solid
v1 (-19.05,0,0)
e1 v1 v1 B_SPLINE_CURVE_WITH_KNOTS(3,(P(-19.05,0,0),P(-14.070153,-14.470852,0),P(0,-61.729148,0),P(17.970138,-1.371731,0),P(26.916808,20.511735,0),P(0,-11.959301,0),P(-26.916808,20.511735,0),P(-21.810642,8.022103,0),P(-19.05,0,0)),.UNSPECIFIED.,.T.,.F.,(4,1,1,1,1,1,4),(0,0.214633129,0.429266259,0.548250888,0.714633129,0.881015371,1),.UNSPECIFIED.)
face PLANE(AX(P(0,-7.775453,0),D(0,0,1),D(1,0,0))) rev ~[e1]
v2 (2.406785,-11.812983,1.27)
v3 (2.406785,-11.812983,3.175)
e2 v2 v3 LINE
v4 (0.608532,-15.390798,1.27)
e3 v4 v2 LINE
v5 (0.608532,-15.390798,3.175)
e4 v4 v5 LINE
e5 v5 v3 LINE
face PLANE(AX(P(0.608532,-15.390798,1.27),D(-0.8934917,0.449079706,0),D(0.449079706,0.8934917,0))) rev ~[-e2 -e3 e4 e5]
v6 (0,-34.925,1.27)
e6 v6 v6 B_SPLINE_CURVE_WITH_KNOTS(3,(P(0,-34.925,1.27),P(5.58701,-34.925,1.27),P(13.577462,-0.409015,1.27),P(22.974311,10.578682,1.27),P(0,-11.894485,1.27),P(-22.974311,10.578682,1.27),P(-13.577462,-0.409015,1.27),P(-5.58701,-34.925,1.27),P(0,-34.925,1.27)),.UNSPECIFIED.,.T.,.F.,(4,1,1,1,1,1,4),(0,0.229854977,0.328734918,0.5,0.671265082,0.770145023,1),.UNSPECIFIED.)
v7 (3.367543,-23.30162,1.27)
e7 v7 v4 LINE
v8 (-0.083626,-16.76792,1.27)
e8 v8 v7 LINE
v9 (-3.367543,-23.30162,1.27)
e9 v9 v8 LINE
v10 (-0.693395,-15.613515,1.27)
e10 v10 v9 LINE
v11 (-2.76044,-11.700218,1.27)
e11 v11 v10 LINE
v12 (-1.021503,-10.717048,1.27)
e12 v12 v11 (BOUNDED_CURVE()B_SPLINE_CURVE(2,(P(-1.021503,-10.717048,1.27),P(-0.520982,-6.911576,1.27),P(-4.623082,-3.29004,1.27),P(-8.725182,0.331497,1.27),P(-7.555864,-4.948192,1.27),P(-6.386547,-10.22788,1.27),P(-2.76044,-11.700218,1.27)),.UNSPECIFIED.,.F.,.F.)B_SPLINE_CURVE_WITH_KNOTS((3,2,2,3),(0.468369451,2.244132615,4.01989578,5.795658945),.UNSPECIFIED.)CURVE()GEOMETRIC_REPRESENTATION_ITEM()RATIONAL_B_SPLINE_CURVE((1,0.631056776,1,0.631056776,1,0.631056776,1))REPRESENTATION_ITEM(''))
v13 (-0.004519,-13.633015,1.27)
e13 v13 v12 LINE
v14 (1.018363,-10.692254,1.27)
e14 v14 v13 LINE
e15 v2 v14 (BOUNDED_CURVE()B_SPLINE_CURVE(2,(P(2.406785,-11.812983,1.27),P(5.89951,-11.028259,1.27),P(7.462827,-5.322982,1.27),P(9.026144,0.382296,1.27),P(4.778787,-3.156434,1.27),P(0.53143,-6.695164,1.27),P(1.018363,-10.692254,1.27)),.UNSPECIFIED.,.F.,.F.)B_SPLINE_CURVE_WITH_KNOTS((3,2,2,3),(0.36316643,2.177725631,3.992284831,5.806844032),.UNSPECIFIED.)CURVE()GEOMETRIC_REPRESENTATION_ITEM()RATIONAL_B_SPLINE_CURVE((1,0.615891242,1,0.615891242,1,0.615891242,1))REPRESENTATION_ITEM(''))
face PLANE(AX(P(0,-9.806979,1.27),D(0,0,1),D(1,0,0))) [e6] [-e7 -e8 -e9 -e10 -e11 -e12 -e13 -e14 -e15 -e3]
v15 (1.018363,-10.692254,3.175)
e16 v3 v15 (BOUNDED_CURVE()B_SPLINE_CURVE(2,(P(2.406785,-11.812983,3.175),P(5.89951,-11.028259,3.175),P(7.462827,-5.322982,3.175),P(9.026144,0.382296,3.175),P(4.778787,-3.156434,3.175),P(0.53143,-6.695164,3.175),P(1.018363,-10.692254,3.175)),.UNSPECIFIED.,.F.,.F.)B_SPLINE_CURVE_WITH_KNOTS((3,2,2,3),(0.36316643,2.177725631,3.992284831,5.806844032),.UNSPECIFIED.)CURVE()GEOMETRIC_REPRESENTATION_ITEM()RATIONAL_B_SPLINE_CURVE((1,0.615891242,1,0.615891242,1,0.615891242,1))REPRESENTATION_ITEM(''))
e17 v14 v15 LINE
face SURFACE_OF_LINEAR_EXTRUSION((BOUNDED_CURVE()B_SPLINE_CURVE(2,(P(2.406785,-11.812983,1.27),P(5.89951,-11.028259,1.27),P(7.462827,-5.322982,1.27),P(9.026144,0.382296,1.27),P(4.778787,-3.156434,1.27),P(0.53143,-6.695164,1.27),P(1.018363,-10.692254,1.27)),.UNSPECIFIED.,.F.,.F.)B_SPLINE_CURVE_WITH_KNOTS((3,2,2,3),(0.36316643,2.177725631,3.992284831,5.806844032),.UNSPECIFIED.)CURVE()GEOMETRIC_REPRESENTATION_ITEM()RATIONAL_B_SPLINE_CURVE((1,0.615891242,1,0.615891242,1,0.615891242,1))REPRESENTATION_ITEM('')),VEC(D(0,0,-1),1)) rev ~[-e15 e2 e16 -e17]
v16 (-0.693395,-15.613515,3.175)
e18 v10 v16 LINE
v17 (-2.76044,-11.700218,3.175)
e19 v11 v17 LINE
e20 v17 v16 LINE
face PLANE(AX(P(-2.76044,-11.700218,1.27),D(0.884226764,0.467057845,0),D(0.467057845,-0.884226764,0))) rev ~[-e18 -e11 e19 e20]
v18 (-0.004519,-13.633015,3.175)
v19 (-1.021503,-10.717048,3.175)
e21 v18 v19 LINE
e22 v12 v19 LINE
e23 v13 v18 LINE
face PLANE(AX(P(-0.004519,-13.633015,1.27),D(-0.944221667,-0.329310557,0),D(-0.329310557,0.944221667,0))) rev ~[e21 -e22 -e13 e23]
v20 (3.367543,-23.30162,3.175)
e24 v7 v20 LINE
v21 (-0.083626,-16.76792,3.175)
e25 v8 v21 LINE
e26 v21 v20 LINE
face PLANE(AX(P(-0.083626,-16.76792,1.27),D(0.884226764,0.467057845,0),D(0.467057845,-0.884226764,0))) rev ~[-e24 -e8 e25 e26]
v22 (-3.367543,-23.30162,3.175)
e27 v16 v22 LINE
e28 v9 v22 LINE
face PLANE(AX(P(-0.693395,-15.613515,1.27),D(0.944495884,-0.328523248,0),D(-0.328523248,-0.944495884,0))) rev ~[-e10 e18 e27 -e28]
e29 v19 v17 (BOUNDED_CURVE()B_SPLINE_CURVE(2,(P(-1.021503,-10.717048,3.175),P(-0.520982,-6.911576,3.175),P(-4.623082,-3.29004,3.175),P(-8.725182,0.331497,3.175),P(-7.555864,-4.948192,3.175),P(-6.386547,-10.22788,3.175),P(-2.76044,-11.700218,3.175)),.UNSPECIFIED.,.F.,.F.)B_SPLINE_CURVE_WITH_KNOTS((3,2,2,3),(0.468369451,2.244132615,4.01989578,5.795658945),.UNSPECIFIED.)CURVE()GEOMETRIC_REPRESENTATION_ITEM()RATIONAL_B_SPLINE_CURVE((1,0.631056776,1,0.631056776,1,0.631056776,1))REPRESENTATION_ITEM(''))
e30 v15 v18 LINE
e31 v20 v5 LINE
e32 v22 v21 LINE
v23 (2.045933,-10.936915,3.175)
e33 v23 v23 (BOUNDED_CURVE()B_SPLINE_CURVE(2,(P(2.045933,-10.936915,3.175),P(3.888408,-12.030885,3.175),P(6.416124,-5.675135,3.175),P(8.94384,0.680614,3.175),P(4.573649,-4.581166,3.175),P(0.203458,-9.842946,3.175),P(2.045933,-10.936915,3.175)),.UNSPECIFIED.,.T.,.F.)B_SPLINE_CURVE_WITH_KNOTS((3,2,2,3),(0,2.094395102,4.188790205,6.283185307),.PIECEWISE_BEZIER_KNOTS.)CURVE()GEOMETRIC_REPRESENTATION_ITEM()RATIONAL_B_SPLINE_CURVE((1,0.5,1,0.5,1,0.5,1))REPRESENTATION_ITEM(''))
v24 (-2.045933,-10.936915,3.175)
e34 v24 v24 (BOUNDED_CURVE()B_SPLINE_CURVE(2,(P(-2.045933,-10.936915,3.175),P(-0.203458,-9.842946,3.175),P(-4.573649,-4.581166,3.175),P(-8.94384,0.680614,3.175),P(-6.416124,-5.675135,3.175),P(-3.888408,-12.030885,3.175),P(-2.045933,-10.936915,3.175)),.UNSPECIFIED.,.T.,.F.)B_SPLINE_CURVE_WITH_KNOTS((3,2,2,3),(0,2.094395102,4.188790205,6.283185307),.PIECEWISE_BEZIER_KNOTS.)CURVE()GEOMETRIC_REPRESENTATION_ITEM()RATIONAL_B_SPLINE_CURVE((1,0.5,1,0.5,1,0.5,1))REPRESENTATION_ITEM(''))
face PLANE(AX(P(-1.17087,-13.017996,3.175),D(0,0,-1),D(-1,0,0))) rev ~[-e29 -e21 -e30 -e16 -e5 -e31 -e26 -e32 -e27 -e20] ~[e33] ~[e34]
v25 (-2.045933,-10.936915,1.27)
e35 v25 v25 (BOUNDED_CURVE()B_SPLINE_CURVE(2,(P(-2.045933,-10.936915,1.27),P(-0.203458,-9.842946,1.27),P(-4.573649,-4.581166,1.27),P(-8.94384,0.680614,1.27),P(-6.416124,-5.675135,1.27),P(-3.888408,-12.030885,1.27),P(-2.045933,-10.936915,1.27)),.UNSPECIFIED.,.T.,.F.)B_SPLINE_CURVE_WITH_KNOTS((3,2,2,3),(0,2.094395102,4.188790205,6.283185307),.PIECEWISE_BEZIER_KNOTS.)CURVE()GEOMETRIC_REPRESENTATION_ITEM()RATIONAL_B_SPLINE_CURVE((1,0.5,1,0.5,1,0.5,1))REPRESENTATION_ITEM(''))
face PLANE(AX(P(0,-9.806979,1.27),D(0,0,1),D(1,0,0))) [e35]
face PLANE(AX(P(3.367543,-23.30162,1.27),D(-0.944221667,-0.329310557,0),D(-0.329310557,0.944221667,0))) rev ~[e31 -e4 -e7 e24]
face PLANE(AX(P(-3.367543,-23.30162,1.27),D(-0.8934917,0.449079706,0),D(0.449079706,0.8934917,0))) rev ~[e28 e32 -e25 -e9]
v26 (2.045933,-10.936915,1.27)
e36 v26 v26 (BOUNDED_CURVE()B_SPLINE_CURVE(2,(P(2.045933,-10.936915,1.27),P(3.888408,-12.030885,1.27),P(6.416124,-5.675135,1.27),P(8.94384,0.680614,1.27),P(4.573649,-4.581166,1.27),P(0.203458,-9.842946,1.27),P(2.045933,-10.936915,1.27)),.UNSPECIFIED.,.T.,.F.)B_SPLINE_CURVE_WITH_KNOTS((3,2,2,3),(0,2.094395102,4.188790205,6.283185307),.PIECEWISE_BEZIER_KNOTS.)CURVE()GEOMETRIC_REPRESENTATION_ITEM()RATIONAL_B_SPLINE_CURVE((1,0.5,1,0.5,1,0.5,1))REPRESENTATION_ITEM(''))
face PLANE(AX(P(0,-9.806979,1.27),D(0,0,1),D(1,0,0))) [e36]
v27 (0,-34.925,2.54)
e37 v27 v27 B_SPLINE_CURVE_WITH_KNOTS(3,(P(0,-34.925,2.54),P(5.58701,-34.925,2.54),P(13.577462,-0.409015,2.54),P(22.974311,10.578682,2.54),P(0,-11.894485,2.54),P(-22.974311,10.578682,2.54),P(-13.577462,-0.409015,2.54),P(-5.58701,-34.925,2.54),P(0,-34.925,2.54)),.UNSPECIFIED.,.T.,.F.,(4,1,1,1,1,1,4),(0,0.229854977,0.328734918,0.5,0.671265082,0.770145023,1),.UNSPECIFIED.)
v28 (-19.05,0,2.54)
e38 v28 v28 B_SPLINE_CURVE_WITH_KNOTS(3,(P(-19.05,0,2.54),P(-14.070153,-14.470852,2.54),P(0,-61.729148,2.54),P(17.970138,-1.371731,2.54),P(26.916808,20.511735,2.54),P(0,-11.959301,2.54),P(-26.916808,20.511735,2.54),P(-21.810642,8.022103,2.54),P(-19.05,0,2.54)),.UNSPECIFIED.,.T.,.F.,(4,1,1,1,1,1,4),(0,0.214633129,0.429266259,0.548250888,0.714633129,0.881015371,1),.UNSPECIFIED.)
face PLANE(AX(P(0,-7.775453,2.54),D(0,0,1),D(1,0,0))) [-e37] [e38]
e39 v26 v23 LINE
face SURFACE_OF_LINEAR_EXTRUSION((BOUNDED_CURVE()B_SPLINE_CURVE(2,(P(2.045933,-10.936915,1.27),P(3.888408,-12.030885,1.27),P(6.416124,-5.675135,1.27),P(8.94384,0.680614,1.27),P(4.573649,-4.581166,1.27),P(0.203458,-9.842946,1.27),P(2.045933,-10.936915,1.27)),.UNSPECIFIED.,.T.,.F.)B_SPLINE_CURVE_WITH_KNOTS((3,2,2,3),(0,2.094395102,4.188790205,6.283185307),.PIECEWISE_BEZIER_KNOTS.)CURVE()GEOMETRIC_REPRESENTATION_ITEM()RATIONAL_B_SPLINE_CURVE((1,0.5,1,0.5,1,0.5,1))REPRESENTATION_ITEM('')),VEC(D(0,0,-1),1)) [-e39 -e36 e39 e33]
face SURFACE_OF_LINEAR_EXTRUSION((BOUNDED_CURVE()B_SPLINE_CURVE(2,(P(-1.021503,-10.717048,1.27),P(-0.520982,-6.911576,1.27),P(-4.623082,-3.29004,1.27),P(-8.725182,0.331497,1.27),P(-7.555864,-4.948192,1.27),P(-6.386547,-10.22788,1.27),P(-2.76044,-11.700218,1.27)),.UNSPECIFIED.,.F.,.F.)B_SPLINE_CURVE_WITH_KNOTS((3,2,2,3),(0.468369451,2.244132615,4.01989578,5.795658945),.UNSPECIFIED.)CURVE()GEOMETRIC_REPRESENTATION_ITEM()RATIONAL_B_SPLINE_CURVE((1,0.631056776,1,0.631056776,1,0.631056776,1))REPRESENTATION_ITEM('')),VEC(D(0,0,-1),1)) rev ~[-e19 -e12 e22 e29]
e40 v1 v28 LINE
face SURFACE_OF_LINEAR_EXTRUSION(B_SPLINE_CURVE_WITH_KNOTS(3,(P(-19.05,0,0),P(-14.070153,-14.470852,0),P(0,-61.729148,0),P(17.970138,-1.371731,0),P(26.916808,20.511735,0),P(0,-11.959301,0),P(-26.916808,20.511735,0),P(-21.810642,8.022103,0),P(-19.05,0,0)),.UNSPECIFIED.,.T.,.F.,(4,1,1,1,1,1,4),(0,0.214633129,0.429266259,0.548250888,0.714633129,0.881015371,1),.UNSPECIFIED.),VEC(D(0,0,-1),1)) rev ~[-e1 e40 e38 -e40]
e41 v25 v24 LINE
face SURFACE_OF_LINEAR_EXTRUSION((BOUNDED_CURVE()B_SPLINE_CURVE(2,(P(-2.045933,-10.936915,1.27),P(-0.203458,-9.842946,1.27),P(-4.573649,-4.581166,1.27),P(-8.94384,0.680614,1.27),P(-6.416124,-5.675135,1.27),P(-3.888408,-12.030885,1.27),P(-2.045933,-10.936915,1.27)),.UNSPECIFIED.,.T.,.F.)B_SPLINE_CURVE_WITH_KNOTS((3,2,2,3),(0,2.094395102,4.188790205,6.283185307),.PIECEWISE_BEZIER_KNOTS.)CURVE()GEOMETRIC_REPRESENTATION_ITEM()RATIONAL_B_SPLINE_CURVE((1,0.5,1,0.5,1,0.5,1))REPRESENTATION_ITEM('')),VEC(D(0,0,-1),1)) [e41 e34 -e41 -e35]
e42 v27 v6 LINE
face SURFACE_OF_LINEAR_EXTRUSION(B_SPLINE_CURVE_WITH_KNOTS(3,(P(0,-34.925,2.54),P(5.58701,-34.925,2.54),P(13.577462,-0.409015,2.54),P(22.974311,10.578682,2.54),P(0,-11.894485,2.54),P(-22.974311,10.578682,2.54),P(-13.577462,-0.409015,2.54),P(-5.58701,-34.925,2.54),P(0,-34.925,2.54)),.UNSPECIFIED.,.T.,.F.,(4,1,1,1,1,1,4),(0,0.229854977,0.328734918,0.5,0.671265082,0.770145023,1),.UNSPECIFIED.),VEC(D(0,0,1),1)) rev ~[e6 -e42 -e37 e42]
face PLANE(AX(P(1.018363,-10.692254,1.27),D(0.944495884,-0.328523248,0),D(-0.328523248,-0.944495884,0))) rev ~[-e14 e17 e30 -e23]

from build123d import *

# Parameters (mm, degrees)
F1_DEPTH = 2.54
F3_DEPTH = 1.27
F5_DEPTH = 1.905


with BuildPart() as f1:
    # F0 (on Top) → F1 (new body)
    with BuildSketch(Plane.XY):
        with BuildLine():
            add(Edge.make_bspline(
                [(-19.05, 0), (-14.0701532741, -14.4708520881), (0, -61.7291479119), (17.9701382761, -1.3717307537), (26.9168084968, 20.5117345686), (0, -11.9593012484), (-26.9168084968, 20.5117345686), (-21.8106419297, 8.0221025329), (-19.05, 0)],
                knots=[0, 0, 0, 0, 0.2146331294, 0.4292662587, 0.548250888, 0.7146331294, 0.8810153707, 1, 1, 1, 1], degree=3))
        make_face()
    extrude(amount=F1_DEPTH)

    # F2 (on face) → F3 (cut)
    with BuildSketch(Plane.XY.offset(2.54)):
        with BuildLine():
            add(Edge.make_bspline(
                [(0, -34.925), (5.5870096117, -34.925), (13.5774615524, -0.409014654), (22.9743111974, 10.5786818437), (0, -11.8944848933), (-22.9743111974, 10.5786818437), (-13.5774615524, -0.409014654), (-5.5870096117, -34.925), (0, -34.925)],
                knots=[0, 0, 0, 0, 0.229854977, 0.3287349181, 0.5, 0.6712650819, 0.770145023, 1, 1, 1, 1], degree=3))
        make_face()
    extrude(amount=-F3_DEPTH, mode=Mode.SUBTRACT)

    # F4 (on face) → F5 (join)
    with BuildSketch(Plane.XY.offset(1.27)):
        with BuildLine():
            add(Edge.make_bspline(
                [(-2.7604398351, -11.7002175369), (-2.026794593, -11.9981053773), (-1.5632608685, -11.7211891461)],
                knots=[5.7956589448, 5.7956589448, 5.7956589448, 6.2831853072, 6.2831853072, 6.2831853072], degree=2, weights=[1, 0.9704365811, 1]))
            Line((-2.7604398351, -11.7002175369), (-0.6933951368, -15.6135149228))
            Line((-0.6933951368, -15.6135149228), (-0.004519263, -13.6330145131))
            Line((-0.004519263, -13.6330145131), (-1.0215033634, -10.7170484016))
            add(Edge.make_bspline(
                [(-1.5632608685, -11.7211891461), (-1.1186388628, -11.4555708241), (-1.0215033634, -10.7170484016)],
                knots=[0, 0, 0, 0.4683694508, 0.4683694508, 0.4683694508], degree=2, weights=[1, 0.9727038491, 1]))
        make_face()
        with BuildLine():
            add(Edge.make_bspline(
                [(-1.0215033634, -10.7170484016), (-0.5209817509, -6.9115762902), (-4.6230819243, -3.2900395173), (-8.7251820978, 0.3314972557), (-7.5558643192, -4.9481915994), (-6.3865465405, -10.2278804545), (-2.7604398351, -11.7002175369)],
                knots=[0.4683694508, 0.4683694508, 0.4683694508, 2.2441326154, 2.2441326154, 4.0198957801, 4.0198957801, 5.7956589448, 5.7956589448, 5.7956589448], degree=2, weights=[1, 0.6310567756, 1, 0.6310567756, 1, 0.6310567756, 1]))
            add(Edge.make_bspline(
                [(-2.7604398351, -11.7002175369), (-2.026794593, -11.9981053773), (-1.5632608685, -11.7211891461)],
                knots=[5.7956589448, 5.7956589448, 5.7956589448, 6.2831853072, 6.2831853072, 6.2831853072], degree=2, weights=[1, 0.9704365811, 1]))
            add(Edge.make_bspline(
                [(-1.5632608685, -11.7211891461), (-1.1186388628, -11.4555708241), (-1.0215033634, -10.7170484016)],
                knots=[0, 0, 0, 0.4683694508, 0.4683694508, 0.4683694508], degree=2, weights=[1, 0.9727038491, 1]))
        make_face()
        with BuildLine():
            add(Edge.make_bspline(
                [(-2.0459327833, -10.9369151487), (-0.2034579525, -9.8429457525), (-4.5736491036, -4.5811660804), (-8.9438402546, 0.6806135916), (-6.4161239344, -5.6751354766), (-3.8884076141, -12.0308845449), (-2.0459327833, -10.9369151487)],
                knots=[0, 0, 0, 2.0943951024, 2.0943951024, 4.1887902048, 4.1887902048, 6.2831853072, 6.2831853072, 6.2831853072], degree=2, weights=[1, 0.5, 1, 0.5, 1, 0.5, 1]))
        make_face(mode=Mode.SUBTRACT)
        Polygon((-0.004519263, -13.6330145131), (-0.6933951368, -15.6135149228), (-0.0836261949, -16.7679201509), (0.6085322372, -15.3907975488), align=None)
        Polygon((-0.0836261949, -16.7679201509), (-0.6933951368, -15.6135149228), (-3.3675426285, -23.3016201458), align=None)
        Polygon((0.6085322372, -15.3907975488), (-0.0836261949, -16.7679201509), (3.3675426285, -23.3016201458), align=None)
        with BuildLine():
            Line((1.0183631121, -10.6922540074), (-0.004519263, -13.6330145131))
            Line((-0.004519263, -13.6330145131), (0.6085322372, -15.3907975488))
            Line((0.6085322372, -15.3907975488), (2.4067848809, -11.8129832146))
            add(Edge.make_bspline(
                [(1.5632608685, -11.7211891461), (1.9054576797, -11.9256183954), (2.4067848809, -11.8129832146)],
                knots=[0, 0, 0, 0.3631664302, 0.3631664302, 0.3631664302], degree=2, weights=[1, 0.9835590176, 1]))
            add(Edge.make_bspline(
                [(1.0183631121, -10.6922540074), (1.1107797798, -11.4508757879), (1.5632608685, -11.7211891461)],
                knots=[5.8068440318, 5.8068440318, 5.8068440318, 6.2831853072, 6.2831853072, 6.2831853072], degree=2, weights=[1, 0.9717711935, 1]))
        make_face()
        with BuildLine():
            add(Edge.make_bspline(
                [(2.4067848809, -11.8129832146), (5.899509842, -11.028258774), (7.4628268088, -5.3229815437), (9.0261437756, 0.3822956866), (4.7787870889, -3.1564340471), (0.5314304021, -6.6951637808), (1.0183631121, -10.6922540074)],
                knots=[0.3631664302, 0.3631664302, 0.3631664302, 2.1777256307, 2.1777256307, 3.9922848312, 3.9922848312, 5.8068440318, 5.8068440318, 5.8068440318], degree=2, weights=[1, 0.6158912416, 1, 0.6158912416, 1, 0.6158912416, 1]))
            add(Edge.make_bspline(
                [(1.0183631121, -10.6922540074), (1.1107797798, -11.4508757879), (1.5632608685, -11.7211891461)],
                knots=[5.8068440318, 5.8068440318, 5.8068440318, 6.2831853072, 6.2831853072, 6.2831853072], degree=2, weights=[1, 0.9717711935, 1]))
            add(Edge.make_bspline(
                [(1.5632608685, -11.7211891461), (1.9054576797, -11.9256183954), (2.4067848809, -11.8129832146)],
                knots=[0, 0, 0, 0.3631664302, 0.3631664302, 0.3631664302], degree=2, weights=[1, 0.9835590176, 1]))
        make_face()
        with BuildLine():
            add(Edge.make_bspline(
                [(2.0459327833, -10.9369151487), (3.8884076141, -12.0308845449), (6.4161239344, -5.6751354766), (8.9438402546, 0.6806135916), (4.5736491036, -4.5811660804), (0.2034579525, -9.8429457525), (2.0459327833, -10.9369151487)],
                knots=[0, 0, 0, 2.0943951024, 2.0943951024, 4.1887902048, 4.1887902048, 6.2831853072, 6.2831853072, 6.2831853072], degree=2, weights=[1, 0.5, 1, 0.5, 1, 0.5, 1]))
        make_face(mode=Mode.SUBTRACT)
    extrude(amount=F5_DEPTH)


solid = f1.part
